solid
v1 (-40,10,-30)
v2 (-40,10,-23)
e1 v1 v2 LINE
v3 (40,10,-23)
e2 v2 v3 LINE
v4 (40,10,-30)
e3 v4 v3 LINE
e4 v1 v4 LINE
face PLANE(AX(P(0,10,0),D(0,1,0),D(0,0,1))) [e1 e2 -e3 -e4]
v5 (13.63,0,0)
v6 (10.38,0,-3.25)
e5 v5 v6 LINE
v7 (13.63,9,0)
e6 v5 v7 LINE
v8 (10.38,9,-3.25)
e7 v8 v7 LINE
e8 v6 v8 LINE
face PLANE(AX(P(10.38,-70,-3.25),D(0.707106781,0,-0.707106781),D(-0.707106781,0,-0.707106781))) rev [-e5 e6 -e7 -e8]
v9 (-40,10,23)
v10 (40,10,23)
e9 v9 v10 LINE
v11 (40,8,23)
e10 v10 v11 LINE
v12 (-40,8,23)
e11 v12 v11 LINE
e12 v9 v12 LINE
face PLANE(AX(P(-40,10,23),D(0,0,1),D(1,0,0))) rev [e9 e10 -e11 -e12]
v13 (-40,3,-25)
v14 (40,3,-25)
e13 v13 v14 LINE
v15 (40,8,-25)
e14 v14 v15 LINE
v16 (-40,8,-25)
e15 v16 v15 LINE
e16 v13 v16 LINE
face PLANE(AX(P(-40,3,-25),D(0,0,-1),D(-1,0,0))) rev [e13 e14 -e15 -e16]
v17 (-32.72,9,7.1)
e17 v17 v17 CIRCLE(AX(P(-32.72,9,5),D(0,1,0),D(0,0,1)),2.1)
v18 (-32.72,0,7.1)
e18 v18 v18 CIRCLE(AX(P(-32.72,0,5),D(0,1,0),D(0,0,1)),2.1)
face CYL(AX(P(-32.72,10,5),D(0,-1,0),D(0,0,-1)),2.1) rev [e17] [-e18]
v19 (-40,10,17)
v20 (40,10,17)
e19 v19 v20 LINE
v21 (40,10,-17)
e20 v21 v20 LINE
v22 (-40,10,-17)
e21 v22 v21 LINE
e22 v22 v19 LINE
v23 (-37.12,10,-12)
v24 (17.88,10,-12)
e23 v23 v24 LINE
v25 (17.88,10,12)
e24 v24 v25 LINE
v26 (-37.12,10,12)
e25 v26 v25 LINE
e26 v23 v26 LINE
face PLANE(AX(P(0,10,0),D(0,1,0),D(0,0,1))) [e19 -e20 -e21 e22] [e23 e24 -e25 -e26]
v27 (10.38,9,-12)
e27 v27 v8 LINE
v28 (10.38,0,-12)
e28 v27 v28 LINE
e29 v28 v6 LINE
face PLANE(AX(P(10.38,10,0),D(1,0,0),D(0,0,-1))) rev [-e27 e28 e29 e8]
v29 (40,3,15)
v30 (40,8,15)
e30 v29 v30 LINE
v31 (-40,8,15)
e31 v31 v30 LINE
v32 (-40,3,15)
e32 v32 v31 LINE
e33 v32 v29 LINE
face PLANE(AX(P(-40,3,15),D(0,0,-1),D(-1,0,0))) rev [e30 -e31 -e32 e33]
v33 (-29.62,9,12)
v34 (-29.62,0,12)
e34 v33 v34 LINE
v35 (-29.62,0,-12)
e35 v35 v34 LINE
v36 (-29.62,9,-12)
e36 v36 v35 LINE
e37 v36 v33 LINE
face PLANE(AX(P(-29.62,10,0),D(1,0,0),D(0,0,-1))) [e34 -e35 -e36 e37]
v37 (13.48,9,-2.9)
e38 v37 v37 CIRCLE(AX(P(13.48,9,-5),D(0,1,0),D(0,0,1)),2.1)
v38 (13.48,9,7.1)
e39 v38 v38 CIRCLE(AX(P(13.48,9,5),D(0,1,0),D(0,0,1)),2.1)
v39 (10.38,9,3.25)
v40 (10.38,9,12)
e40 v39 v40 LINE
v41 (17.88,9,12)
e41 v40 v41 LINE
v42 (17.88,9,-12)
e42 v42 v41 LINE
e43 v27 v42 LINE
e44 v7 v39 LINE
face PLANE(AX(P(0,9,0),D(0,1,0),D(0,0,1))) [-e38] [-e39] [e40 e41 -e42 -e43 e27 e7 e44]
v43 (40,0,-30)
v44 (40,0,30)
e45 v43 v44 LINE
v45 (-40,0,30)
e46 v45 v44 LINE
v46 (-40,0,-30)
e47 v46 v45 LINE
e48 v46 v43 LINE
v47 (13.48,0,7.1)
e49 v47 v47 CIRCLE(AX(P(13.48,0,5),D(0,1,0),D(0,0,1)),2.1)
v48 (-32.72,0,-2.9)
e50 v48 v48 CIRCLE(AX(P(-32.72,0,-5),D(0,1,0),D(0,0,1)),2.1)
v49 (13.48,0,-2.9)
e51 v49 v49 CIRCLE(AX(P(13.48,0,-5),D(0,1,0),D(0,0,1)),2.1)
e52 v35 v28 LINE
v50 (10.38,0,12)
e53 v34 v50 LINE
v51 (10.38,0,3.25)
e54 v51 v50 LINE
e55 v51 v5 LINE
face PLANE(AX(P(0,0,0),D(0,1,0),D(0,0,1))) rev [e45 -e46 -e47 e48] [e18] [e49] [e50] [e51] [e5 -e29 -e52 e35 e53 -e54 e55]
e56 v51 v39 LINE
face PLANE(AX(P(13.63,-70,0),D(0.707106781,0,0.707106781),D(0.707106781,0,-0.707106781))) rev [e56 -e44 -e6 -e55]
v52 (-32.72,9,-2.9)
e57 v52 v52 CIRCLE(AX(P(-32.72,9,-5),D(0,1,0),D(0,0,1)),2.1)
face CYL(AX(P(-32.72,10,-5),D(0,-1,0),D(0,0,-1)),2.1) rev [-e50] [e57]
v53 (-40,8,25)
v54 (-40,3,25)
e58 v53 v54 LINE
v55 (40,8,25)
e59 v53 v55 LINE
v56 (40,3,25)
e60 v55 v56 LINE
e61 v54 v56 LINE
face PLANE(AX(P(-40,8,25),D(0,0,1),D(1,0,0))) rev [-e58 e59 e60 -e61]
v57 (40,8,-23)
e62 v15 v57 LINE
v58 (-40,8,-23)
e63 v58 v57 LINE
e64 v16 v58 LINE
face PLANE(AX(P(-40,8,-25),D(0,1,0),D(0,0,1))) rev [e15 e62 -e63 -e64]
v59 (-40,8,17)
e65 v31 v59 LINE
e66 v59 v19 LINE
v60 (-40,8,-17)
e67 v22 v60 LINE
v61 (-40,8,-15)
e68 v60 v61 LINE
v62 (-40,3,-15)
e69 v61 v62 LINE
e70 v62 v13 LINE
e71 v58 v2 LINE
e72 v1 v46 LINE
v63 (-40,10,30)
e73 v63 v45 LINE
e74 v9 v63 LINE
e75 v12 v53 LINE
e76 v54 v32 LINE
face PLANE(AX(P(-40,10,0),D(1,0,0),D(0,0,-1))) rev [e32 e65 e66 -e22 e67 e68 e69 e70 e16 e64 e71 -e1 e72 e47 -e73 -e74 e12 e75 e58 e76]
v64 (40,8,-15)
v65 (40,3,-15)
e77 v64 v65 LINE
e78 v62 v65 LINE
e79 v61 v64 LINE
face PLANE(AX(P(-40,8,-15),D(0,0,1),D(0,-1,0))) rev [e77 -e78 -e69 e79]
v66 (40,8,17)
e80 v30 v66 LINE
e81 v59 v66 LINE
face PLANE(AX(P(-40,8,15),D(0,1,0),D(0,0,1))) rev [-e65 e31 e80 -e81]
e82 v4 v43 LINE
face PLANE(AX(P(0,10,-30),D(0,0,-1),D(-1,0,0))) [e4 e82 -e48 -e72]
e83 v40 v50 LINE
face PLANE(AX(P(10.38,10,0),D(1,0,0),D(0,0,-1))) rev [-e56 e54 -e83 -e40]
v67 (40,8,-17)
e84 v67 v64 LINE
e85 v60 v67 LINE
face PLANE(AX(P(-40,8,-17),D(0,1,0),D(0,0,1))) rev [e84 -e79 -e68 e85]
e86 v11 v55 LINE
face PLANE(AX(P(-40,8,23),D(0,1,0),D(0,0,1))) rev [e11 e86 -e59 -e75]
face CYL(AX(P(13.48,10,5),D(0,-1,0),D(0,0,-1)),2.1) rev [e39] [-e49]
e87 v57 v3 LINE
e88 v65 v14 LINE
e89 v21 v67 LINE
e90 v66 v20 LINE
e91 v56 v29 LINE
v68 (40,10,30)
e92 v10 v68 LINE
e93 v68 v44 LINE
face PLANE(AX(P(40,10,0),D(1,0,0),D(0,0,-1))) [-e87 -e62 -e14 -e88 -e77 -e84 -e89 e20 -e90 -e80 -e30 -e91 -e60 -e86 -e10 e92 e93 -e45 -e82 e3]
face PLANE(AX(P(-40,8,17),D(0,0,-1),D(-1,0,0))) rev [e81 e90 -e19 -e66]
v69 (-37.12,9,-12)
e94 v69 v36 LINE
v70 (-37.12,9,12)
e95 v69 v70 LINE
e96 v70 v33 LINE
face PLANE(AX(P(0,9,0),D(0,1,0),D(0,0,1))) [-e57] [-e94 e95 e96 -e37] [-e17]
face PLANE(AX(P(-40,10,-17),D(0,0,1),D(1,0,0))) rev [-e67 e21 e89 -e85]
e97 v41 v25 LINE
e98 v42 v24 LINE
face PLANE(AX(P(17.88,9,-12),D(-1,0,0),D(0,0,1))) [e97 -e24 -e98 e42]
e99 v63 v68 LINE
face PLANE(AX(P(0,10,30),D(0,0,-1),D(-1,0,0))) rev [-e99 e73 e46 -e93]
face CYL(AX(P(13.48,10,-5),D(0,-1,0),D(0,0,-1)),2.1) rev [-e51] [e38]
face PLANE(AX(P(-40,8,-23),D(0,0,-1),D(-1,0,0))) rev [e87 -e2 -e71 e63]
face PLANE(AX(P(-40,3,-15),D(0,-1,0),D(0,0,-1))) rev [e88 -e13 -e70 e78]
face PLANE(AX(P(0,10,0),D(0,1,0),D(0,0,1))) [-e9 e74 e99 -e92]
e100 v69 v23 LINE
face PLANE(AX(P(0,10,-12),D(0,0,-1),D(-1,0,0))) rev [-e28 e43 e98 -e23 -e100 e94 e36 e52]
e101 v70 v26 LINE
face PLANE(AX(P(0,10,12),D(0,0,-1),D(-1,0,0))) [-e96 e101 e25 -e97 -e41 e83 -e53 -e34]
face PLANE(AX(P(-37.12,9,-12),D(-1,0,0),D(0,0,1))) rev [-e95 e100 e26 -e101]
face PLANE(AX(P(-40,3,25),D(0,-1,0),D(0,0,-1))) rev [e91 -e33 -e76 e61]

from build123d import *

# Parameters (mm, degrees)
SKETCH_1_W          = 80
SKETCH_1_H          = 60
SKETCH_1_R          = 2.1
SKETCH_1_W_2        = 40
SKETCH_1_H_2        = 24
EXTRUDE_1_DEPTH     = 10
CUT_EXTRUDE_1_DEPTH = 80
CUT_EXTRUDE_2_DEPTH = 80
SKETCH_7_W          = 55
SKETCH_7_H          = 24
CUT_EXTRUDE_3_DEPTH = 1


with BuildPart() as part:
    # 草圖1 → 填料-伸長1 (new body)
    with BuildSketch(Plane(origin=(0, 0, 0), x_dir=(1, 0, 0), z_dir=(0, 1, 0))):
        Rectangle(SKETCH_1_W, SKETCH_1_H)
        with Locations(Location((-32.72, -5, 0), (0, 0, 270))):
            Circle(SKETCH_1_R, mode=Mode.SUBTRACT)
        with Locations(Location((-32.72, 5, 0), (0, 0, 270))):
            Circle(SKETCH_1_R, mode=Mode.SUBTRACT)
        with Locations(Location((13.48, -5, 0), (0, 0, 270))):
            Circle(SKETCH_1_R, mode=Mode.SUBTRACT)
        with Locations(Location((13.48, 5, 0), (0, 0, 270))):
            Circle(SKETCH_1_R, mode=Mode.SUBTRACT)
        with Locations((-9.62, 0)):
            Rectangle(SKETCH_1_W_2, SKETCH_1_H_2, mode=Mode.SUBTRACT)
    extrude(amount=EXTRUDE_1_DEPTH)

    # 草圖4 → 除料-伸長1 (cut)
    with BuildSketch(Plane(origin=(40, 0, 0), x_dir=(0, 0, -1), z_dir=(1, 0, 0))):
        Polygon((-23, 10), (-23, 8), (-25, 8), (-25, 3), (-15, 3), (-15, 8), (-17, 8), (-17, 10), align=None)
        Polygon((17, 10), (17, 8), (15, 8), (15, 3), (25, 3), (25, 8), (23, 8), (23, 10), align=None)
    extrude(amount=-CUT_EXTRUDE_1_DEPTH, mode=Mode.SUBTRACT)

    # 草圖5 → 除料-伸長2 (cut)
    with BuildSketch(Plane(origin=(0, 10, 0), x_dir=(1, 0, 0), z_dir=(0, 1, 0))):
        Polygon((10.38, 3.25), (13.63, 0), (10.38, -3.25), align=None)
    extrude(amount=-CUT_EXTRUDE_2_DEPTH, mode=Mode.SUBTRACT)

    # 草圖7 → 除料-伸長3 (cut)
    with BuildSketch(Plane(origin=(0, 10, 0), x_dir=(1, 0, 0), z_dir=(0, 1, 0))):
        with Locations((-9.62, 0)):
            Rectangle(SKETCH_7_W, SKETCH_7_H)
    extrude(amount=-CUT_EXTRUDE_3_DEPTH, mode=Mode.SUBTRACT)


solid = part.part
